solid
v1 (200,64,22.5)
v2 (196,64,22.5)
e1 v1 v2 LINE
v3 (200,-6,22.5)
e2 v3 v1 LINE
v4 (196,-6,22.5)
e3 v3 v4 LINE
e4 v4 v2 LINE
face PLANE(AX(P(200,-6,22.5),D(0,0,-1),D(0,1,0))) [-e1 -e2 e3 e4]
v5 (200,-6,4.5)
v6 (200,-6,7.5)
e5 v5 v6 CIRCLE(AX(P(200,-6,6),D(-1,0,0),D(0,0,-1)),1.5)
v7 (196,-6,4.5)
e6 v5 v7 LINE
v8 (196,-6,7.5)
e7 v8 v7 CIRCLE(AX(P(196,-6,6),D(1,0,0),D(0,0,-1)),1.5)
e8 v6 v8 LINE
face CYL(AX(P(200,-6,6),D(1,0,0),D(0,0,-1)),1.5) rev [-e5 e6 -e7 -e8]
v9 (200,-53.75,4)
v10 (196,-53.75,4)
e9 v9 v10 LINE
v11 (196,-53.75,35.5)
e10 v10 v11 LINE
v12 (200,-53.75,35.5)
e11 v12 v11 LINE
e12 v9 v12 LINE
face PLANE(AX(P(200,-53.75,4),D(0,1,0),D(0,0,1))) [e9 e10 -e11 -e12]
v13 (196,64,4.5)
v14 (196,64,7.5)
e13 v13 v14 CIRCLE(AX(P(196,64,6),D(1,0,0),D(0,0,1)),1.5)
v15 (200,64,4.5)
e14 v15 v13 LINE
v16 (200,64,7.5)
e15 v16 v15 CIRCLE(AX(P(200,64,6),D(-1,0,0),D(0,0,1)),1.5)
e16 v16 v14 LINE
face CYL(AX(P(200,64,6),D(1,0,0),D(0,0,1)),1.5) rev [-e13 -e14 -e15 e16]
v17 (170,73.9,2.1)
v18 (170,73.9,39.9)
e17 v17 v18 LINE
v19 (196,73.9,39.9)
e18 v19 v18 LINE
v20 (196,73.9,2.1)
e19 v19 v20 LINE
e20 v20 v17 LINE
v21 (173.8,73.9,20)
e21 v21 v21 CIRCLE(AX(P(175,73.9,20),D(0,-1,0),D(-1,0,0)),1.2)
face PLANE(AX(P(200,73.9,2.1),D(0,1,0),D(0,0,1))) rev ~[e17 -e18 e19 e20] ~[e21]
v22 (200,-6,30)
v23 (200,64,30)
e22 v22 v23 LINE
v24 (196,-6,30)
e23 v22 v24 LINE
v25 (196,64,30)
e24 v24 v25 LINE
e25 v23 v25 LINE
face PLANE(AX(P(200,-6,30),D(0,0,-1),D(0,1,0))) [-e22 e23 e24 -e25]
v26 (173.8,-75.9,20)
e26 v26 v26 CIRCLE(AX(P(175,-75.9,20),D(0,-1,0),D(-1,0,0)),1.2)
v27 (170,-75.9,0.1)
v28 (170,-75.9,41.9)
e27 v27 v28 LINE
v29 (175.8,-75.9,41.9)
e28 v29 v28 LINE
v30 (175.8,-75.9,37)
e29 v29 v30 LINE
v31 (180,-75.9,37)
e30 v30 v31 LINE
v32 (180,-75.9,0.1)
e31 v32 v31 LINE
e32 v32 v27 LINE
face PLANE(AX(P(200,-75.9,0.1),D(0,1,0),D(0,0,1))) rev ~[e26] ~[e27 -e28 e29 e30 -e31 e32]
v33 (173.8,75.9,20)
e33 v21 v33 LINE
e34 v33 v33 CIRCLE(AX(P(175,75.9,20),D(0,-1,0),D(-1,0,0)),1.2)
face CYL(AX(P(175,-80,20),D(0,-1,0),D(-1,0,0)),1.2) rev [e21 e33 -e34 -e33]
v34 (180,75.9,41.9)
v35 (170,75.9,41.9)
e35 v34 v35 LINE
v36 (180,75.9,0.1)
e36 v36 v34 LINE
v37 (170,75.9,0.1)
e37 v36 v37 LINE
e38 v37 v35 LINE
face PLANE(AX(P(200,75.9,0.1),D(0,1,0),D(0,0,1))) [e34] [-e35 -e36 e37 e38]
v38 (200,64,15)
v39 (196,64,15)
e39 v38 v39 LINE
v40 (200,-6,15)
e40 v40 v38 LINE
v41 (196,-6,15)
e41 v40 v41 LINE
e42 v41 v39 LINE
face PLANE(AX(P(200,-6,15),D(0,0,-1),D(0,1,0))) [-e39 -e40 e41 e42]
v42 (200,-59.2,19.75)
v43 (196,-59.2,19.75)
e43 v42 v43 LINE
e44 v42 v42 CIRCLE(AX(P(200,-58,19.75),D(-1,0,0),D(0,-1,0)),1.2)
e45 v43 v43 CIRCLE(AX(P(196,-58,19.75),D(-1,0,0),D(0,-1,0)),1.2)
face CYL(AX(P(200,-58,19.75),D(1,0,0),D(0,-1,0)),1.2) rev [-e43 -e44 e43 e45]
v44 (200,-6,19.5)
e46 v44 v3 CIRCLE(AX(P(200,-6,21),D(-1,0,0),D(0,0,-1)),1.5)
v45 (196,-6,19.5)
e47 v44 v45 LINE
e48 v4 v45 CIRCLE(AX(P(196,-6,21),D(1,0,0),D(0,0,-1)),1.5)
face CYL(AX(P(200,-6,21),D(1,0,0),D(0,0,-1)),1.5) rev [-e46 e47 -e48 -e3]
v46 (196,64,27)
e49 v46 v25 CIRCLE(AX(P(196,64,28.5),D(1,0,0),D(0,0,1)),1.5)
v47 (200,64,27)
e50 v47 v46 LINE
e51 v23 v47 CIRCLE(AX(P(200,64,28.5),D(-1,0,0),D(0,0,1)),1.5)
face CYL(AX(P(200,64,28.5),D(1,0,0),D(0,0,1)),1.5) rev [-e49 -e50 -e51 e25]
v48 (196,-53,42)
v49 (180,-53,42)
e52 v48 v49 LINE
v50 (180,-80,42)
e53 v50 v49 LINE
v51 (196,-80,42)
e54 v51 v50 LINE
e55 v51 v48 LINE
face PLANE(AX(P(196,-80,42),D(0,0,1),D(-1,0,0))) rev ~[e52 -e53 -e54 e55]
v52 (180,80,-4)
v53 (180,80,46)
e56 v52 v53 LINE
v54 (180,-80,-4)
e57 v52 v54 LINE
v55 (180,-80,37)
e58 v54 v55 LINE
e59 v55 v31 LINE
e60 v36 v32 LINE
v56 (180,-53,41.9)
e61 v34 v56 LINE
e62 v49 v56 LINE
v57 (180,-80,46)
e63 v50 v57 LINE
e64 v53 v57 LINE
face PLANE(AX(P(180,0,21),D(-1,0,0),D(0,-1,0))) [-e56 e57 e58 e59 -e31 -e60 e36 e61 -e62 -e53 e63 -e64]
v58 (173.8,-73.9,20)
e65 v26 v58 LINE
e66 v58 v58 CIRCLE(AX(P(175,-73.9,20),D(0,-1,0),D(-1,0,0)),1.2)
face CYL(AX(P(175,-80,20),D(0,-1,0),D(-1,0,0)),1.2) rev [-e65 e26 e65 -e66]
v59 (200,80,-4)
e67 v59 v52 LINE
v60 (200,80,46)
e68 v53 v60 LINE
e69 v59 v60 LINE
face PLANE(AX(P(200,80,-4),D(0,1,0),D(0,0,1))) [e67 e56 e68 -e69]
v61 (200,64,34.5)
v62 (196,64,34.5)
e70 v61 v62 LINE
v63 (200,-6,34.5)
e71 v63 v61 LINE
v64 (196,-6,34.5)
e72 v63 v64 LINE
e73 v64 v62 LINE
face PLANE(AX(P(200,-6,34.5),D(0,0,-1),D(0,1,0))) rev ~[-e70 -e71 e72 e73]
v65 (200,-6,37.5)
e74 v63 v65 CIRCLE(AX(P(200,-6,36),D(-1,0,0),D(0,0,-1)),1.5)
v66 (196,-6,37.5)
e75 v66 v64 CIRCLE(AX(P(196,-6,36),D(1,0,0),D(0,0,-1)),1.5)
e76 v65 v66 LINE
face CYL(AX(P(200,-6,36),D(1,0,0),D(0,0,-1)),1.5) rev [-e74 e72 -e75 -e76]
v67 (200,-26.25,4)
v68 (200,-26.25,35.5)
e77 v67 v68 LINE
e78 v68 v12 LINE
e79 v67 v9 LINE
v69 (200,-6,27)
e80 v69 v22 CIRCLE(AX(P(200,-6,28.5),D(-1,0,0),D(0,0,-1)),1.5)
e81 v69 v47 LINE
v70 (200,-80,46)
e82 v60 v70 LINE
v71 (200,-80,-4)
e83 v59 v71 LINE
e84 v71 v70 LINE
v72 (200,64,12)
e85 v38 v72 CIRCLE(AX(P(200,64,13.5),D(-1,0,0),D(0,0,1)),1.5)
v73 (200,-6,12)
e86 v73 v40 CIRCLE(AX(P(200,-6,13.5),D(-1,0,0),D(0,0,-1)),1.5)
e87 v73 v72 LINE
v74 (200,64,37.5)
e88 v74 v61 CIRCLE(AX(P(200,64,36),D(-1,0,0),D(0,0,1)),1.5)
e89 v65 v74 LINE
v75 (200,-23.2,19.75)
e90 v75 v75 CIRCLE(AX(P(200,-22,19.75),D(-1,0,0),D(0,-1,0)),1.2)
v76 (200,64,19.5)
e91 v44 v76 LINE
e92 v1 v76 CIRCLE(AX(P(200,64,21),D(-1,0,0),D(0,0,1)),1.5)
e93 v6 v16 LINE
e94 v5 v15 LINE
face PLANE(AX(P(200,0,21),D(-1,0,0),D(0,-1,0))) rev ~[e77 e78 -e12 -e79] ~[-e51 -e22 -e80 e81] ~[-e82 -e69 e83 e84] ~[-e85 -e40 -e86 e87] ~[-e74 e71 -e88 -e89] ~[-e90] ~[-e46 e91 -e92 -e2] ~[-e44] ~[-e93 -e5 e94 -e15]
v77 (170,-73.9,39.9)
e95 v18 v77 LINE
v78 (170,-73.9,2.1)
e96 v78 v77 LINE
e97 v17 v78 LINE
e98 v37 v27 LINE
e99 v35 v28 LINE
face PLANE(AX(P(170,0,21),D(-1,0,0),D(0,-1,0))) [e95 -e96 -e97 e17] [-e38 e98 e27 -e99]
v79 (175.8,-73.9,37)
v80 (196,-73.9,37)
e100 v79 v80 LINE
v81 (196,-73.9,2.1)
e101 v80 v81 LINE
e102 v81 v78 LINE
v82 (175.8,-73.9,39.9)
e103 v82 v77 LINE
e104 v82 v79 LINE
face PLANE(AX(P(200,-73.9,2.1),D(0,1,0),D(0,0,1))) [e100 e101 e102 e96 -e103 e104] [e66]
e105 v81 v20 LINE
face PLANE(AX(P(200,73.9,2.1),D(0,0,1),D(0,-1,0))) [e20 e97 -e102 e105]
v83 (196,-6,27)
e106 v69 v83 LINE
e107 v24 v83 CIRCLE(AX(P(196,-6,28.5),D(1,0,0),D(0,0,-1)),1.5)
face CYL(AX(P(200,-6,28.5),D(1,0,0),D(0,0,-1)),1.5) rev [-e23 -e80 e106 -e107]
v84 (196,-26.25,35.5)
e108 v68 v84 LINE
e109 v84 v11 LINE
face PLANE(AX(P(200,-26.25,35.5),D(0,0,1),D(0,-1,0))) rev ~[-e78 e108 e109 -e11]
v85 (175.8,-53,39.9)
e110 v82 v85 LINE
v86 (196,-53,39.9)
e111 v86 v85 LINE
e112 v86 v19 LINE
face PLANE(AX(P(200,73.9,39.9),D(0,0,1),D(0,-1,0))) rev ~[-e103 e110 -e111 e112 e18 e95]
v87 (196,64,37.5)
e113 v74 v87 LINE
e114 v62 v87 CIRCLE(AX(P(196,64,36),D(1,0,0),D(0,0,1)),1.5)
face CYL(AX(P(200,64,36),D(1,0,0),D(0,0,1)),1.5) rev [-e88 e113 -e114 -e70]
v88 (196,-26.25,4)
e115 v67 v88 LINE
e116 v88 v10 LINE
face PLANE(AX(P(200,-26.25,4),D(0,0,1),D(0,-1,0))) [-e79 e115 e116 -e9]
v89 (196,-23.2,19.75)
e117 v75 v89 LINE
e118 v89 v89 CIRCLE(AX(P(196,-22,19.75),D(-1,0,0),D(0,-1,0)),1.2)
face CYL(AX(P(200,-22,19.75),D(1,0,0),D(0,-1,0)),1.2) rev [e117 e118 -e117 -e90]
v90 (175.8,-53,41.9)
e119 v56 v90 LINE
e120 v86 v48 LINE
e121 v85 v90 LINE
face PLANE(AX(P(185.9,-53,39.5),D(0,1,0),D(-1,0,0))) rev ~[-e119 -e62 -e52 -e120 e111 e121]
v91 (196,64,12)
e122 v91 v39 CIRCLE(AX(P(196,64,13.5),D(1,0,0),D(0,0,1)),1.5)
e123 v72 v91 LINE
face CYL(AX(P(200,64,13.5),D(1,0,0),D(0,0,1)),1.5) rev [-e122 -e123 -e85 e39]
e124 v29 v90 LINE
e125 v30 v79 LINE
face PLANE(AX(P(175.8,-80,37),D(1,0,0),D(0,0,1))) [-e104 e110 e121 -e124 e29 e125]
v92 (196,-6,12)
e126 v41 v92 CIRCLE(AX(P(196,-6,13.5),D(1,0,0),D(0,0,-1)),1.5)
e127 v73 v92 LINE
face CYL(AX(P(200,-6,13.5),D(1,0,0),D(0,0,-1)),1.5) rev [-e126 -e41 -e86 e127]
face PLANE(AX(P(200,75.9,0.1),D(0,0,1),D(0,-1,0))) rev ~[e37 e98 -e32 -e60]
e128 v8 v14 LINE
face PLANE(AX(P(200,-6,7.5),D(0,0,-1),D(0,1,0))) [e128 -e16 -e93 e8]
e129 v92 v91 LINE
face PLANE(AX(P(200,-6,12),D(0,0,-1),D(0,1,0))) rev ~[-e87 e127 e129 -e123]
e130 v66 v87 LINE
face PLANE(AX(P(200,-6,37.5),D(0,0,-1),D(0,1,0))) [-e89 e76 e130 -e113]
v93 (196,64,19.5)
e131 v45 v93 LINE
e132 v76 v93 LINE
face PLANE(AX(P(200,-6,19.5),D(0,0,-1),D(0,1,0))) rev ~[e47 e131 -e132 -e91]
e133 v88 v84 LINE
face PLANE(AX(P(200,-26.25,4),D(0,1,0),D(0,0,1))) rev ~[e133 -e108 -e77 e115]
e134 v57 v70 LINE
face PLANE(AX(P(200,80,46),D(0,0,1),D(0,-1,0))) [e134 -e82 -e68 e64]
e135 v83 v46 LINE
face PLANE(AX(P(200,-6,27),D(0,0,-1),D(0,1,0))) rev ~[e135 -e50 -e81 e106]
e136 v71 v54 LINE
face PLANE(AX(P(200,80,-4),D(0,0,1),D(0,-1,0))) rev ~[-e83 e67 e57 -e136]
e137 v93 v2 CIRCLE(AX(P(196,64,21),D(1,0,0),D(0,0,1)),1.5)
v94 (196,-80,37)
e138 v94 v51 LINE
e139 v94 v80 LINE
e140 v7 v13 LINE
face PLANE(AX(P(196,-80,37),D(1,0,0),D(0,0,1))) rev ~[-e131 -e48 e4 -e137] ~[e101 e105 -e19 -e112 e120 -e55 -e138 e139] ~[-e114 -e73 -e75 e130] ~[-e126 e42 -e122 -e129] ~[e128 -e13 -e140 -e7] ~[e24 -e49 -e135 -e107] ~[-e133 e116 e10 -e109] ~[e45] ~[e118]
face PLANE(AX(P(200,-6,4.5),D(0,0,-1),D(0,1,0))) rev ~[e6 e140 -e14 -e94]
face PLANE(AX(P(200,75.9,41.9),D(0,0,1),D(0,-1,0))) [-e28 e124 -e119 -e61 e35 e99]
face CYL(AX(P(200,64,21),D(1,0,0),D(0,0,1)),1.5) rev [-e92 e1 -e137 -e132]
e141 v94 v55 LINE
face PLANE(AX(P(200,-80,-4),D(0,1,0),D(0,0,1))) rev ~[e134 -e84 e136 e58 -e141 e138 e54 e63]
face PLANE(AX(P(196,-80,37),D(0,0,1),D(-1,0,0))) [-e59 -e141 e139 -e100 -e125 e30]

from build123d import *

# Parameters (mm, degrees)
SKETCH011_W             = 160
SKETCH011_H             = 50
SKETCH011_R             = 1.2
SKETCH011_W_2           = 27.5
SKETCH011_H_2           = 31.5
PAD004_DEPTH            = 4
SKETCH012_W             = 151.8
SKETCH012_H             = 41.8
SKETCH012_W_2           = 147.8
SKETCH012_H_2           = 37.8
PAD005_DEPTH            = 30
SKETCH013_W             = 160
SKETCH013_H             = 50
SKETCH013_W_2           = 151.8
SKETCH013_H_2           = 41.8
PAD006_DEPTH            = 20
SKETCH014_W             = 20.2
SKETCH014_H             = 5
POCKET004_DEPTH         = 27
SKETCH027_R             = 1.2
POCKET014_DEPTH         = 160.001
POCKET015_DEPTH         = 30.001
LINEARPATTERN007_COUNT  = 5
LINEARPATTERN007_PITCH  = 7.5
BODY002_PLACEMENT_ANGLE = 180


with BuildPart() as part:
    # Sketch011 → Pad004 (new body)
    with BuildSketch(Plane.YZ):
        with Locations((0, 25)):
            Rectangle(SKETCH011_W, SKETCH011_H)
        with Locations((22, 23.75)):
            Circle(SKETCH011_R, mode=Mode.SUBTRACT)
        with Locations((58, 23.75)):
            Circle(SKETCH011_R, mode=Mode.SUBTRACT)
        with Locations((40, 23.75)):
            Rectangle(SKETCH011_W_2, SKETCH011_H_2, mode=Mode.SUBTRACT)
    extrude(amount=PAD004_DEPTH)

    # Sketch012 → Pad005 (join)
    with BuildSketch(Plane.YZ):
        with Locations((0, 25)):
            Rectangle(SKETCH012_W, SKETCH012_H)
        with Locations((0, 25)):
            Rectangle(SKETCH012_W_2, SKETCH012_H_2, mode=Mode.SUBTRACT)
    extrude(amount=PAD005_DEPTH)

    # Sketch013 → Pad006 (join)
    with BuildSketch(Plane.YZ):
        with Locations((0, 25)):
            Rectangle(SKETCH013_W, SKETCH013_H)
        with Locations((0, 25)):
            Rectangle(SKETCH013_W_2, SKETCH013_H_2, mode=Mode.SUBTRACT)
    extrude(amount=PAD006_DEPTH)

    # Sketch014 (on DatumPlane) → Pocket004 (cut)
    with BuildSketch(Plane.XZ.offset(-80)):
        with Locations((14.1, 43.5)):
            Rectangle(SKETCH014_W, SKETCH014_H)
    extrude(amount=POCKET004_DEPTH, mode=Mode.SUBTRACT)

    # Sketch027 (on DatumPlane) → Pocket014 (cut, through all)
    with BuildSketch(Plane.XZ.offset(-80)):
        with Locations((25, 24)):
            Circle(SKETCH027_R)
    extrude(amount=POCKET014_DEPTH, mode=Mode.SUBTRACT)

    # Sketch028 → Pocket015 (cut, through all)
    with BuildSketch(Plane.YZ):
        with BuildLine():
            Line((6, 11.5), (-64, 11.5))
            ThreePointArc((-64, 11.5), (-65.5, 10), (-64, 8.5))
            Line((6, 8.5), (-64, 8.5))
            ThreePointArc((6, 8.5), (7.5, 10), (6, 11.5))
        make_face()
    pocket015 = extrude(amount=POCKET015_DEPTH, mode=Mode.SUBTRACT)

    # LinearPattern007: Pocket015 ×5
    with Locations(*[(0, 0, i * LINEARPATTERN007_PITCH) for i in range(1, LINEARPATTERN007_COUNT)]):
        add(pocket015, mode=Mode.SUBTRACT)


with BuildPart() as part_1:
    # Body002 placement: moved
    add(part.part.moved(Location((200, 0, -4))).rotate(Axis((200, 0, -4), (0, 0, 1)), BODY002_PLACEMENT_ANGLE))


solid = part_1.part
